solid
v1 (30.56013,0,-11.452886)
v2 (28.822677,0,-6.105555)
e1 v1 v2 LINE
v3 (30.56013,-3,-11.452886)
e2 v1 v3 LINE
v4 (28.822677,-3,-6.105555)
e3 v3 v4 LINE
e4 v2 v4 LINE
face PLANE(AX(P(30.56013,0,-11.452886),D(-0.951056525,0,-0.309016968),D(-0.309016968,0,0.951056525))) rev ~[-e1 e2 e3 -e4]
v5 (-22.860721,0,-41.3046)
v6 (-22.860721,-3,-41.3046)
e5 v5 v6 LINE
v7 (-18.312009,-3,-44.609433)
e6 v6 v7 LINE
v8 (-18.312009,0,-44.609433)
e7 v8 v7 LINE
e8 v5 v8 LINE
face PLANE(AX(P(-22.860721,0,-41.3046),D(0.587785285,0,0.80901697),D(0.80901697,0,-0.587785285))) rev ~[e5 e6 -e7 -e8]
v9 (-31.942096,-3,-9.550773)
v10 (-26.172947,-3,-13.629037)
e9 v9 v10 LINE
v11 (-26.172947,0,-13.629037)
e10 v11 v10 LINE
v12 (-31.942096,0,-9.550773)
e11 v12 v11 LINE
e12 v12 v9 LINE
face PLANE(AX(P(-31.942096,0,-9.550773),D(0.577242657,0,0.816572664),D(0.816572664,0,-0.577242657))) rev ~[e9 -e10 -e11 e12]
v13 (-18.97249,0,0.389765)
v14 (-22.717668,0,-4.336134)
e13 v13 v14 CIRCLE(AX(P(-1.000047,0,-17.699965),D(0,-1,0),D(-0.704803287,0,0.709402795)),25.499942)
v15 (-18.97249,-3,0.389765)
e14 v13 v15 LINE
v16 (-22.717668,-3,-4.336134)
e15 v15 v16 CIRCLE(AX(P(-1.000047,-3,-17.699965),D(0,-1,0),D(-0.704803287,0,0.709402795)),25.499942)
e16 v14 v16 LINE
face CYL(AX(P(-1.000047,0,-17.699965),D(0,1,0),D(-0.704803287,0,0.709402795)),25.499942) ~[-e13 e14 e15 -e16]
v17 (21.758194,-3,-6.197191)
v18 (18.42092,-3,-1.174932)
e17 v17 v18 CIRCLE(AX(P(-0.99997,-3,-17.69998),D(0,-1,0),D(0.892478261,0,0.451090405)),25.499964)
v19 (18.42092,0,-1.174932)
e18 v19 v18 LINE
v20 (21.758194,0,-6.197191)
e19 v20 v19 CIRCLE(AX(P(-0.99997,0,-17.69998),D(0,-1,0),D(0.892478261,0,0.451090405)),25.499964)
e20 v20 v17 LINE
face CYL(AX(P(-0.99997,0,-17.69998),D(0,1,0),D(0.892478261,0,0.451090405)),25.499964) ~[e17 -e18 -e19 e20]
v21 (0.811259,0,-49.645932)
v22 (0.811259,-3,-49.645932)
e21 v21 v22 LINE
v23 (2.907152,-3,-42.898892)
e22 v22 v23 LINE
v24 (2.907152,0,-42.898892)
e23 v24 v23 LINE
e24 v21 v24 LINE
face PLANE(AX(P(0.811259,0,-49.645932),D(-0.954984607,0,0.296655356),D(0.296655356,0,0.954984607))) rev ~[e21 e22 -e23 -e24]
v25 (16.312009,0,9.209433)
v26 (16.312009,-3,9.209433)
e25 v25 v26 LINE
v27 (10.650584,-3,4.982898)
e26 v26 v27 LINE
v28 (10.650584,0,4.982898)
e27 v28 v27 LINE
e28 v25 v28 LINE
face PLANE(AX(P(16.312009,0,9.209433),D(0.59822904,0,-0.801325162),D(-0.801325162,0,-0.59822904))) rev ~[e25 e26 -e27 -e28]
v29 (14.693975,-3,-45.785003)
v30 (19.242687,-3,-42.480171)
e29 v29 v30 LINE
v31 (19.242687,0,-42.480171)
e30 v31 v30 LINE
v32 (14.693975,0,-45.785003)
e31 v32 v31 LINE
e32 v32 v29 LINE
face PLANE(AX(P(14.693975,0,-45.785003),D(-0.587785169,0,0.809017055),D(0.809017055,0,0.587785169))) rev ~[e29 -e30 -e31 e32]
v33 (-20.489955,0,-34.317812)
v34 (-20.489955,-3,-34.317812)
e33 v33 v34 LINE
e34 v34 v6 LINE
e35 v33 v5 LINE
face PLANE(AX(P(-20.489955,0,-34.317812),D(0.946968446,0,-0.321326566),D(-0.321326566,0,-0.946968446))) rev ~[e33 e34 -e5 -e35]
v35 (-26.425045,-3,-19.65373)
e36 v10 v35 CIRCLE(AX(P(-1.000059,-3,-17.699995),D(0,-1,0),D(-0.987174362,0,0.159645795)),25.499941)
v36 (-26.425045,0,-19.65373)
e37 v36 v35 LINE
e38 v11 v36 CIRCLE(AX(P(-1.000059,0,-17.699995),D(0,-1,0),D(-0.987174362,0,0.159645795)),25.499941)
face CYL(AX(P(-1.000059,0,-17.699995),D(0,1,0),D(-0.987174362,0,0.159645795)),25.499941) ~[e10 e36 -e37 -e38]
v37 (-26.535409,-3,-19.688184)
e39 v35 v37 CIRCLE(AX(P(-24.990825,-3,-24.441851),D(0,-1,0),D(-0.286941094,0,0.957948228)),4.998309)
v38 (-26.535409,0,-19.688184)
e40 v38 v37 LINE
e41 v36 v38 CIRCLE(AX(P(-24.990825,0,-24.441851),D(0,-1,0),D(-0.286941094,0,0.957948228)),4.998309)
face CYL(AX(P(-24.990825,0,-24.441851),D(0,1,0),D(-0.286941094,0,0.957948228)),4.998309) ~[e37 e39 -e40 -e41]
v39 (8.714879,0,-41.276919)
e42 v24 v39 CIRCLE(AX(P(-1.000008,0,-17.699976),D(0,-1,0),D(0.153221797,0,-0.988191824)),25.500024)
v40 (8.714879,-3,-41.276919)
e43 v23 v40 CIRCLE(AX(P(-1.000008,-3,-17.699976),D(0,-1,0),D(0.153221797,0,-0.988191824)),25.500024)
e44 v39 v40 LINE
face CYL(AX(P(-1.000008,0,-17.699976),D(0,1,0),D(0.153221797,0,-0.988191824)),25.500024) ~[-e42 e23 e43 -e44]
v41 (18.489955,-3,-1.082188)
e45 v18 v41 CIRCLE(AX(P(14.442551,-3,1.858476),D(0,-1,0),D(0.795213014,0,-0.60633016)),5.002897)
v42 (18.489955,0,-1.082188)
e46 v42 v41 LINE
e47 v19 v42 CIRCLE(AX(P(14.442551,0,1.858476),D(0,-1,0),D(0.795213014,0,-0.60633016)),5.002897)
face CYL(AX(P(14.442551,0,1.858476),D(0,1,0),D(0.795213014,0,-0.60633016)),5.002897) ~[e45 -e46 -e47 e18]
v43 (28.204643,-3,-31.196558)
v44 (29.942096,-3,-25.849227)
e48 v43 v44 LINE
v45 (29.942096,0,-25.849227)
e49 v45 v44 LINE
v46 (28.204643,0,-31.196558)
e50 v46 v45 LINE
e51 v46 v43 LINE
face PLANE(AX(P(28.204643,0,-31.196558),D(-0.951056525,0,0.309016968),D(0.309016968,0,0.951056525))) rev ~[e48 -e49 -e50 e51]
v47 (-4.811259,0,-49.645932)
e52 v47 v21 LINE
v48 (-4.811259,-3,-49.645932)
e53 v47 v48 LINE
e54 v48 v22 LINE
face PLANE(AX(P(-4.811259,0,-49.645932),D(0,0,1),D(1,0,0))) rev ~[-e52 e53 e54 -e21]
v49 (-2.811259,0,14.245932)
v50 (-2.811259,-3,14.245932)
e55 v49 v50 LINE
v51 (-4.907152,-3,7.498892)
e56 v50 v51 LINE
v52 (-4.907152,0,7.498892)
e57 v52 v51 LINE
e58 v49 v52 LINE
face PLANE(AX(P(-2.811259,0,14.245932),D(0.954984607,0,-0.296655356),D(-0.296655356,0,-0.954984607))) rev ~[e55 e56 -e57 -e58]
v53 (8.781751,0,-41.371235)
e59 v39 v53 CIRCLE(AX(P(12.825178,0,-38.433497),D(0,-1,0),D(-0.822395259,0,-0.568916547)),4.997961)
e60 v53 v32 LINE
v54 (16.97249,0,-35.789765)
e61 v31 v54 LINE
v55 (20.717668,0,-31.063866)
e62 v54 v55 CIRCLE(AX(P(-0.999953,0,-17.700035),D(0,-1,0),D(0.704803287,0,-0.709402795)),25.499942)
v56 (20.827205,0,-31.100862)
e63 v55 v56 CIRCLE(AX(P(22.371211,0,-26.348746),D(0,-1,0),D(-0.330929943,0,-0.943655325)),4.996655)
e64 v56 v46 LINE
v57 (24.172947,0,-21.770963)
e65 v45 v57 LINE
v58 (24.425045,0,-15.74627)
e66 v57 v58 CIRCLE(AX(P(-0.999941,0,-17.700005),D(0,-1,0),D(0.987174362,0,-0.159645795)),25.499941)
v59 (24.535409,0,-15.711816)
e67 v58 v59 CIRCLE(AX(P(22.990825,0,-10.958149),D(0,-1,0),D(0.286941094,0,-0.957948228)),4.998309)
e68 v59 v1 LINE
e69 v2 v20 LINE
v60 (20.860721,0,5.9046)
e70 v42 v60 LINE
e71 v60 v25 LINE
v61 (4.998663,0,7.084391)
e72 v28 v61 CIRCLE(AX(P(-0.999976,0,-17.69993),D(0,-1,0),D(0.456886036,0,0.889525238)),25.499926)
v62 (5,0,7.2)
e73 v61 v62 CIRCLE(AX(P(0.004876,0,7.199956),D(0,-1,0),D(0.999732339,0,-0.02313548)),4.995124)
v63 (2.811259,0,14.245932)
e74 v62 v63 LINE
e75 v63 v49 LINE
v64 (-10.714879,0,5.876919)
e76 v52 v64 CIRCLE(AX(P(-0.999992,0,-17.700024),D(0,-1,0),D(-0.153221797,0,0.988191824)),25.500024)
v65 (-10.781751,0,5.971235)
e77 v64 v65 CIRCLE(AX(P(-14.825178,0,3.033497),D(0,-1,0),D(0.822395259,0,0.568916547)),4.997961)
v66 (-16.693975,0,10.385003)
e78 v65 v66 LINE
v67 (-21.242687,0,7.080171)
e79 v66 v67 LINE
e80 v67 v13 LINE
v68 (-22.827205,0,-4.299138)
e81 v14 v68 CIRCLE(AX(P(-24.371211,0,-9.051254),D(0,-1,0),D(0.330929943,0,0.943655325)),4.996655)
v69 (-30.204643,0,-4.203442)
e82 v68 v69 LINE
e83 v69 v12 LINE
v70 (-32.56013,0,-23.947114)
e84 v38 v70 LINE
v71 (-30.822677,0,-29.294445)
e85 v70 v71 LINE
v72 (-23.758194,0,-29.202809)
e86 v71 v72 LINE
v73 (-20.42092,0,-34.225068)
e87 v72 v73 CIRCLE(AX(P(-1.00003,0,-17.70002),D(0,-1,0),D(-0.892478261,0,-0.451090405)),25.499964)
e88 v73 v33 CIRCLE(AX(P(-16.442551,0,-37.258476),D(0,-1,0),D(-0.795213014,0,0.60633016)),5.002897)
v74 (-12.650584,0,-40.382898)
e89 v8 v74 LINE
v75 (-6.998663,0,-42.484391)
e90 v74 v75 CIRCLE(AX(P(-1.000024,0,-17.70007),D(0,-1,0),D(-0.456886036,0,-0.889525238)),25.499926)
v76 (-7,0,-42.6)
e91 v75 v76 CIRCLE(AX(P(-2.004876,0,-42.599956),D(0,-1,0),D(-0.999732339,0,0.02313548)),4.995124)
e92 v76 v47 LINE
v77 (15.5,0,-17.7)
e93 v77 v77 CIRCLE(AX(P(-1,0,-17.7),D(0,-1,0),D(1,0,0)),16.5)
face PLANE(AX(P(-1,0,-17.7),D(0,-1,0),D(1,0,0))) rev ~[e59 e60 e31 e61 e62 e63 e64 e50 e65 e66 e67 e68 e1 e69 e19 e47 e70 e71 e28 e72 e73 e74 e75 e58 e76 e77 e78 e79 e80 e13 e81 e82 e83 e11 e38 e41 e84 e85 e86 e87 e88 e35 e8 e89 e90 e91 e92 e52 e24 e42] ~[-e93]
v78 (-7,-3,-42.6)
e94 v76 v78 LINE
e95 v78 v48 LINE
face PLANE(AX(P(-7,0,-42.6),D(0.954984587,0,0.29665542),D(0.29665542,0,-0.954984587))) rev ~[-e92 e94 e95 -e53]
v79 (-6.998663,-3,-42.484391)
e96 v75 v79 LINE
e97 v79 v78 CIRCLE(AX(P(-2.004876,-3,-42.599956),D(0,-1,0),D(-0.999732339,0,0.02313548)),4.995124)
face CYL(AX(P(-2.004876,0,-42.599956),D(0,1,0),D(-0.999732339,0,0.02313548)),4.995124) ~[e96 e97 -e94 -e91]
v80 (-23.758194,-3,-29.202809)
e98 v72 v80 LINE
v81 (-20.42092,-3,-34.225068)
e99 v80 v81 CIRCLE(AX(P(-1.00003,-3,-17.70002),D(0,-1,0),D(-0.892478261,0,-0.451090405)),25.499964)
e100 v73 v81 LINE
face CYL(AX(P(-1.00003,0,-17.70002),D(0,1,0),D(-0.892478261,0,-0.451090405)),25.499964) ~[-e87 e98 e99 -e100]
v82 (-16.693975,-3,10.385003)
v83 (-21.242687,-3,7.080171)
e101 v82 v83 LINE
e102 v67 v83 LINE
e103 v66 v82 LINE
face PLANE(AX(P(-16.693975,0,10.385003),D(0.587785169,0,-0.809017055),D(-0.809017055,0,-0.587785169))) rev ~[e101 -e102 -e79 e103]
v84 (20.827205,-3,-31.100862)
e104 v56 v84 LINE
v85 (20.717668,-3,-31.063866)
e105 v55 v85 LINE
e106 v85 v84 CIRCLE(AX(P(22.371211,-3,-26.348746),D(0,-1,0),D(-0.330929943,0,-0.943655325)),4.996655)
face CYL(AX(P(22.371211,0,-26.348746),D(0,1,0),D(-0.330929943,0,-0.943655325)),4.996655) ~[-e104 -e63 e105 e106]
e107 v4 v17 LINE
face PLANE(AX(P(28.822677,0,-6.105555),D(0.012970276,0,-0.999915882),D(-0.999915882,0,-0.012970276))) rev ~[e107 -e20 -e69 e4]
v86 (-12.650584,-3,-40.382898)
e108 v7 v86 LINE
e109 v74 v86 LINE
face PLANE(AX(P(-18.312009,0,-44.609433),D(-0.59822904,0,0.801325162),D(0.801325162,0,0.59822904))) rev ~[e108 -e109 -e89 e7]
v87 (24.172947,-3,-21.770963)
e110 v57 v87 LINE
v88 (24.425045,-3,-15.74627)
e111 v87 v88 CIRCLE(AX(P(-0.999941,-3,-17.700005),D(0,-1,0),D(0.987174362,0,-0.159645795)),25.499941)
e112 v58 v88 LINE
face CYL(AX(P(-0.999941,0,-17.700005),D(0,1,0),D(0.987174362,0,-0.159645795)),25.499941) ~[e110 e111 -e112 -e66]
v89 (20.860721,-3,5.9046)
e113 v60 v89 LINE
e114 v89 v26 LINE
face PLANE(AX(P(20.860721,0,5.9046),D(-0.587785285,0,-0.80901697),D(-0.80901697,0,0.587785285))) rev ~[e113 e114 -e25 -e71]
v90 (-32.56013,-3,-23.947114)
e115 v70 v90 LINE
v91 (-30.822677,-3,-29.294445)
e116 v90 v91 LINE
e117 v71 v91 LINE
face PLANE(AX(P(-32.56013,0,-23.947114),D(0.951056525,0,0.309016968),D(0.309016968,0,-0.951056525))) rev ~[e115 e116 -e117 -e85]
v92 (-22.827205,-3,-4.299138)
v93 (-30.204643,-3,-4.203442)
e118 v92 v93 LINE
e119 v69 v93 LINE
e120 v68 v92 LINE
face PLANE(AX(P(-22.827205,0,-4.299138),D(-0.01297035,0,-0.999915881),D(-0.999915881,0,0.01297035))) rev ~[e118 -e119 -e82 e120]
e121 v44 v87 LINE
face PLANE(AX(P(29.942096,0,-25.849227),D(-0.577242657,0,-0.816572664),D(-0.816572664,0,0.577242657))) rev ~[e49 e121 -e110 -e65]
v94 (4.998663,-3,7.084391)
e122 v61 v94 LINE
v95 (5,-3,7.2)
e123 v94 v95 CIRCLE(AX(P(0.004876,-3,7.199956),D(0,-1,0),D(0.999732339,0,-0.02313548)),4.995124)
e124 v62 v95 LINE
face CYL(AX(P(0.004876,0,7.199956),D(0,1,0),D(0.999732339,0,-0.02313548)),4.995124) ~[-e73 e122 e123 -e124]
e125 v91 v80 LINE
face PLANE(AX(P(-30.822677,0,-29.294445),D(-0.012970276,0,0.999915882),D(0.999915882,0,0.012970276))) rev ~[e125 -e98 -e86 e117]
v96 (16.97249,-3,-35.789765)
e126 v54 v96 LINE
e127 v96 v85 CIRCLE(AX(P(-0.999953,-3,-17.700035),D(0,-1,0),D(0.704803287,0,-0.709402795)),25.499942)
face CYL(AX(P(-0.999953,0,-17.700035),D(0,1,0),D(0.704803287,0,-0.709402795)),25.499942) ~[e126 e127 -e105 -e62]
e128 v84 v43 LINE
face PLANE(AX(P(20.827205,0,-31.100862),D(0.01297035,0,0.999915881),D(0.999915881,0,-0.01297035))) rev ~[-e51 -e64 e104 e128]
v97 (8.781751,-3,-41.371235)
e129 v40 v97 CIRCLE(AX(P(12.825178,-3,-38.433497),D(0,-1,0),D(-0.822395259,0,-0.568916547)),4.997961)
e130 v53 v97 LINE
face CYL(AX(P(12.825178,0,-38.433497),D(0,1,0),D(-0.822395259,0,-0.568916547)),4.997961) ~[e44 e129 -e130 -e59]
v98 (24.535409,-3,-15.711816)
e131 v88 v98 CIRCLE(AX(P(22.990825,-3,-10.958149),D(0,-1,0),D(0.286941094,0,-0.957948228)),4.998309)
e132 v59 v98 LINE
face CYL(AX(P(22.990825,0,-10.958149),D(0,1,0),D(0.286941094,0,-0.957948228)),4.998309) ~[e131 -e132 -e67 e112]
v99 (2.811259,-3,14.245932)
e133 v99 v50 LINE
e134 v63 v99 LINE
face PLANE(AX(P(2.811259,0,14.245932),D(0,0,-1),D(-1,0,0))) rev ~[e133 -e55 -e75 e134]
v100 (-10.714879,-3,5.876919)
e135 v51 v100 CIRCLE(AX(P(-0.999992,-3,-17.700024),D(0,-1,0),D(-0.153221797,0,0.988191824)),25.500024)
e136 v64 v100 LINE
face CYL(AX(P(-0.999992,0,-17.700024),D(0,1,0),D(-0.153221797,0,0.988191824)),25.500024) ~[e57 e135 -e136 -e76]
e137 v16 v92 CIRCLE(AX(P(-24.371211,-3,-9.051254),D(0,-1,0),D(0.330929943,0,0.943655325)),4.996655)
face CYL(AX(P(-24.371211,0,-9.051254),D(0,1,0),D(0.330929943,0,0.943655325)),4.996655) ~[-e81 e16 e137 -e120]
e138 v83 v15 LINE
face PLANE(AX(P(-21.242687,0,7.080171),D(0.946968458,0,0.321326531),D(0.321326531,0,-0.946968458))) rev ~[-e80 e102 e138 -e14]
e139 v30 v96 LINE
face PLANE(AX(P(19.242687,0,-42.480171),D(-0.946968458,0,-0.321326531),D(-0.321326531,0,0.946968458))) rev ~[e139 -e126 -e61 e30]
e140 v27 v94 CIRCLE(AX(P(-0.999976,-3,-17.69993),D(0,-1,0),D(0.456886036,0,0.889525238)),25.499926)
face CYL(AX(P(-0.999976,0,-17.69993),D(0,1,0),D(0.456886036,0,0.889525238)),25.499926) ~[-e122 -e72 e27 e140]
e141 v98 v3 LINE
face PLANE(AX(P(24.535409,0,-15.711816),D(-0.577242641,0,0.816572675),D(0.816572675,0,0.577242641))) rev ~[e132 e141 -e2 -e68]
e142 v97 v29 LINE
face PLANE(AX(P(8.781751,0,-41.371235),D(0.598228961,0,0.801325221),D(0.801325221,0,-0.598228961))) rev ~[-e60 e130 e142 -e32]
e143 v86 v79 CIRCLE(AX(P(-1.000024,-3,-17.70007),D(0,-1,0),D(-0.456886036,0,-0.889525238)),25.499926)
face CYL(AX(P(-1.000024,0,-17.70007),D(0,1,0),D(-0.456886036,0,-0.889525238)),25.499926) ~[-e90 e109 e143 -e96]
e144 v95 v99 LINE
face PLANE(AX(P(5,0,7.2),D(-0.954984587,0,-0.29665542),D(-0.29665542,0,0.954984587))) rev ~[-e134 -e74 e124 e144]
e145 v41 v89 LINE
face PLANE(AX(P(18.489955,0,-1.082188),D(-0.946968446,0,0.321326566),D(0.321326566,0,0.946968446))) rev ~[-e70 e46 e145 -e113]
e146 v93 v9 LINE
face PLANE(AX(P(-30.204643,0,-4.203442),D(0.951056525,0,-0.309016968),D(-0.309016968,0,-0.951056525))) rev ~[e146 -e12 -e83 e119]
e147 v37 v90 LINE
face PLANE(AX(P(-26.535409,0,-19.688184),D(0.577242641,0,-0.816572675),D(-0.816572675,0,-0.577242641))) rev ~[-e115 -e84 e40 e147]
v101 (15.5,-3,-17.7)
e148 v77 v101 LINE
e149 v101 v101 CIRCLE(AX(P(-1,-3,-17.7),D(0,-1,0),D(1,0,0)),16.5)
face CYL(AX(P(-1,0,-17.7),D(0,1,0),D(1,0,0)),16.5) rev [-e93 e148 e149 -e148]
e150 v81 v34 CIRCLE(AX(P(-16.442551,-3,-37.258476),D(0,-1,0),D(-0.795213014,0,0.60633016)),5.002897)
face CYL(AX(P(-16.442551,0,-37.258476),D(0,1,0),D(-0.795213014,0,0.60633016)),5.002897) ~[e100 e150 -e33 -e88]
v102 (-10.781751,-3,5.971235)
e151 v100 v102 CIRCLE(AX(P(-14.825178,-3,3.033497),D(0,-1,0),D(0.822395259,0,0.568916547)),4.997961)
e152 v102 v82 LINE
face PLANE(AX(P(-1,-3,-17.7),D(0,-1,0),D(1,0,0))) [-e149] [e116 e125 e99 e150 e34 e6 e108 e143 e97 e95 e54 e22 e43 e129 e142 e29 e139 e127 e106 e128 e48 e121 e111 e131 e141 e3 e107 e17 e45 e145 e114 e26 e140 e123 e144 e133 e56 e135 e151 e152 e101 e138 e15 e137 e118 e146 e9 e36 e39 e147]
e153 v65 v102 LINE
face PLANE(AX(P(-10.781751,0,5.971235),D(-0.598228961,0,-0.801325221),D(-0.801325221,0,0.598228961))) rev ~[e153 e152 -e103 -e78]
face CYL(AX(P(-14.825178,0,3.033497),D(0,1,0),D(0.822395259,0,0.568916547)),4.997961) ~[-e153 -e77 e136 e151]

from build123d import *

# Parameters (mm, degrees)
F0_R     = 16.5
F1_DEPTH = 3
F2_DEPTH = 3


with BuildPart() as f1:
    # F0 (on Front) → F1 (new body)
    with BuildSketch(Plane.XZ):
        with BuildLine():
            ThreePointArc((10.650584, 4.982898), (7.88696, 6.201296), (4.998663, 7.084391))
            ThreePointArc((4.998663, 7.084391), (4.999666, 7.142192), (5, 7.2))
            Line((5, 7.2), (2.811259, 14.245932))
            Line((2.811259, 14.245932), (-2.811259, 14.245932))
            Line((-2.811259, 14.245932), (-4.907152, 7.498892))
            ThreePointArc((-4.907152, 7.498892), (-7.859128, 6.860178), (-10.714879, 5.876919))
            ThreePointArc((-10.714879, 5.876919), (-10.748042, 5.92427), (-10.781751, 5.971235))
            Line((-10.781751, 5.971235), (-16.693975, 10.385003))
            Line((-16.693975, 10.385003), (-21.242687, 7.080171))
            Line((-21.242687, 7.080171), (-18.97249, 0.389765))
            ThreePointArc((-18.97249, 0.389765), (-20.985262, -1.862092), (-22.717668, -4.336134))
            ThreePointArc((-22.717668, -4.336134), (-22.77233, -4.317319), (-22.827205, -4.299138))
            Line((-22.827205, -4.299138), (-30.204643, -4.203442))
            Line((-30.204643, -4.203442), (-31.942096, -9.550773))
            Line((-31.942096, -9.550773), (-26.172947, -13.629037))
            ThreePointArc((-26.172947, -13.629037), (-26.477705, -16.633906), (-26.425045, -19.65373))
            ThreePointArc((-26.425045, -19.65373), (-26.480327, -19.670638), (-26.535409, -19.688184))
            Line((-26.535409, -19.688184), (-32.56013, -23.947114))
            Line((-32.56013, -23.947114), (-30.822677, -29.294445))
            Line((-30.822677, -29.294445), (-23.758194, -29.202809))
            ThreePointArc((-23.758194, -29.202809), (-22.238531, -31.812931), (-20.42092, -34.225068))
            ThreePointArc((-20.42092, -34.225068), (-20.455705, -34.27124), (-20.489955, -34.317812))
            Line((-20.489955, -34.317812), (-22.860721, -41.3046))
            Line((-22.860721, -41.3046), (-18.312009, -44.609433))
            Line((-18.312009, -44.609433), (-12.650584, -40.382898))
            ThreePointArc((-12.650584, -40.382898), (-9.88696, -41.601296), (-6.998663, -42.484391))
            ThreePointArc((-6.998663, -42.484391), (-6.999666, -42.542192), (-7, -42.6))
            Line((-7, -42.6), (-4.811259, -49.645932))
            Line((-4.811259, -49.645932), (0.811259, -49.645932))
            Line((0.811259, -49.645932), (2.907152, -42.898892))
            ThreePointArc((2.907152, -42.898892), (5.859128, -42.260178), (8.714879, -41.276919))
            ThreePointArc((8.714879, -41.276919), (8.748042, -41.32427), (8.781751, -41.371235))
            Line((8.781751, -41.371235), (14.693975, -45.785003))
            Line((14.693975, -45.785003), (19.242687, -42.480171))
            Line((19.242687, -42.480171), (16.97249, -35.789765))
            ThreePointArc((16.97249, -35.789765), (18.985262, -33.537908), (20.717668, -31.063866))
            ThreePointArc((20.717668, -31.063866), (20.77233, -31.082681), (20.827205, -31.100862))
            Line((20.827205, -31.100862), (28.204643, -31.196558))
            Line((28.204643, -31.196558), (29.942096, -25.849227))
            Line((29.942096, -25.849227), (24.172947, -21.770963))
            ThreePointArc((24.172947, -21.770963), (24.477705, -18.766094), (24.425045, -15.74627))
            ThreePointArc((24.425045, -15.74627), (24.480327, -15.729362), (24.535409, -15.711816))
            Line((24.535409, -15.711816), (30.56013, -11.452886))
            Line((30.56013, -11.452886), (28.822677, -6.105555))
            Line((28.822677, -6.105555), (21.758194, -6.197191))
            ThreePointArc((21.758194, -6.197191), (20.238531, -3.587069), (18.42092, -1.174932))
            ThreePointArc((18.42092, -1.174932), (18.455705, -1.12876), (18.489955, -1.082188))
            Line((18.489955, -1.082188), (20.860721, 5.9046))
            Line((20.860721, 5.9046), (16.312009, 9.209433))
            Line((16.312009, 9.209433), (10.650584, 4.982898))
        make_face()
        with Locations((-1, -17.7)):
            Circle(F0_R, mode=Mode.SUBTRACT)
    extrude(amount=F1_DEPTH)

    # F0 (on Front) → F2 (join)
    with BuildSketch(Plane.XZ):
        with BuildLine():
            ThreePointArc((10.650584, 4.982898), (7.88696, 6.201296), (4.998663, 7.084391))
            ThreePointArc((4.998663, 7.084391), (4.999666, 7.142192), (5, 7.2))
            Line((5, 7.2), (2.811259, 14.245932))
            Line((2.811259, 14.245932), (-2.811259, 14.245932))
            Line((-2.811259, 14.245932), (-4.907152, 7.498892))
            ThreePointArc((-4.907152, 7.498892), (-7.859128, 6.860178), (-10.714879, 5.876919))
            ThreePointArc((-10.714879, 5.876919), (-10.748042, 5.92427), (-10.781751, 5.971235))
            Line((-10.781751, 5.971235), (-16.693975, 10.385003))
            Line((-16.693975, 10.385003), (-21.242687, 7.080171))
            Line((-21.242687, 7.080171), (-18.97249, 0.389765))
            ThreePointArc((-18.97249, 0.389765), (-20.985262, -1.862092), (-22.717668, -4.336134))
            ThreePointArc((-22.717668, -4.336134), (-22.77233, -4.317319), (-22.827205, -4.299138))
            Line((-22.827205, -4.299138), (-30.204643, -4.203442))
            Line((-30.204643, -4.203442), (-31.942096, -9.550773))
            Line((-31.942096, -9.550773), (-26.172947, -13.629037))
            ThreePointArc((-26.172947, -13.629037), (-26.477705, -16.633906), (-26.425045, -19.65373))
            ThreePointArc((-26.425045, -19.65373), (-26.480327, -19.670638), (-26.535409, -19.688184))
            Line((-26.535409, -19.688184), (-32.56013, -23.947114))
            Line((-32.56013, -23.947114), (-30.822677, -29.294445))
            Line((-30.822677, -29.294445), (-23.758194, -29.202809))
            ThreePointArc((-23.758194, -29.202809), (-22.238531, -31.812931), (-20.42092, -34.225068))
            ThreePointArc((-20.42092, -34.225068), (-20.455705, -34.27124), (-20.489955, -34.317812))
            Line((-20.489955, -34.317812), (-22.860721, -41.3046))
            Line((-22.860721, -41.3046), (-18.312009, -44.609433))
            Line((-18.312009, -44.609433), (-12.650584, -40.382898))
            ThreePointArc((-12.650584, -40.382898), (-9.88696, -41.601296), (-6.998663, -42.484391))
            ThreePointArc((-6.998663, -42.484391), (-6.999666, -42.542192), (-7, -42.6))
            Line((-7, -42.6), (-4.811259, -49.645932))
            Line((-4.811259, -49.645932), (0.811259, -49.645932))
            Line((0.811259, -49.645932), (2.907152, -42.898892))
            ThreePointArc((2.907152, -42.898892), (5.859128, -42.260178), (8.714879, -41.276919))
            ThreePointArc((8.714879, -41.276919), (8.748042, -41.32427), (8.781751, -41.371235))
            Line((8.781751, -41.371235), (14.693975, -45.785003))
            Line((14.693975, -45.785003), (19.242687, -42.480171))
            Line((19.242687, -42.480171), (16.97249, -35.789765))
            ThreePointArc((16.97249, -35.789765), (18.985262, -33.537908), (20.717668, -31.063866))
            ThreePointArc((20.717668, -31.063866), (20.77233, -31.082681), (20.827205, -31.100862))
            Line((20.827205, -31.100862), (28.204643, -31.196558))
            Line((28.204643, -31.196558), (29.942096, -25.849227))
            Line((29.942096, -25.849227), (24.172947, -21.770963))
            ThreePointArc((24.172947, -21.770963), (24.477705, -18.766094), (24.425045, -15.74627))
            ThreePointArc((24.425045, -15.74627), (24.480327, -15.729362), (24.535409, -15.711816))
            Line((24.535409, -15.711816), (30.56013, -11.452886))
            Line((30.56013, -11.452886), (28.822677, -6.105555))
            Line((28.822677, -6.105555), (21.758194, -6.197191))
            ThreePointArc((21.758194, -6.197191), (20.238531, -3.587069), (18.42092, -1.174932))
            ThreePointArc((18.42092, -1.174932), (18.455705, -1.12876), (18.489955, -1.082188))
            Line((18.489955, -1.082188), (20.860721, 5.9046))
            Line((20.860721, 5.9046), (16.312009, 9.209433))
            Line((16.312009, 9.209433), (10.650584, 4.982898))
        make_face()
        with Locations((-1, -17.7)):
            Circle(F0_R, mode=Mode.SUBTRACT)
    extrude(amount=F2_DEPTH)


solid = f1.part
